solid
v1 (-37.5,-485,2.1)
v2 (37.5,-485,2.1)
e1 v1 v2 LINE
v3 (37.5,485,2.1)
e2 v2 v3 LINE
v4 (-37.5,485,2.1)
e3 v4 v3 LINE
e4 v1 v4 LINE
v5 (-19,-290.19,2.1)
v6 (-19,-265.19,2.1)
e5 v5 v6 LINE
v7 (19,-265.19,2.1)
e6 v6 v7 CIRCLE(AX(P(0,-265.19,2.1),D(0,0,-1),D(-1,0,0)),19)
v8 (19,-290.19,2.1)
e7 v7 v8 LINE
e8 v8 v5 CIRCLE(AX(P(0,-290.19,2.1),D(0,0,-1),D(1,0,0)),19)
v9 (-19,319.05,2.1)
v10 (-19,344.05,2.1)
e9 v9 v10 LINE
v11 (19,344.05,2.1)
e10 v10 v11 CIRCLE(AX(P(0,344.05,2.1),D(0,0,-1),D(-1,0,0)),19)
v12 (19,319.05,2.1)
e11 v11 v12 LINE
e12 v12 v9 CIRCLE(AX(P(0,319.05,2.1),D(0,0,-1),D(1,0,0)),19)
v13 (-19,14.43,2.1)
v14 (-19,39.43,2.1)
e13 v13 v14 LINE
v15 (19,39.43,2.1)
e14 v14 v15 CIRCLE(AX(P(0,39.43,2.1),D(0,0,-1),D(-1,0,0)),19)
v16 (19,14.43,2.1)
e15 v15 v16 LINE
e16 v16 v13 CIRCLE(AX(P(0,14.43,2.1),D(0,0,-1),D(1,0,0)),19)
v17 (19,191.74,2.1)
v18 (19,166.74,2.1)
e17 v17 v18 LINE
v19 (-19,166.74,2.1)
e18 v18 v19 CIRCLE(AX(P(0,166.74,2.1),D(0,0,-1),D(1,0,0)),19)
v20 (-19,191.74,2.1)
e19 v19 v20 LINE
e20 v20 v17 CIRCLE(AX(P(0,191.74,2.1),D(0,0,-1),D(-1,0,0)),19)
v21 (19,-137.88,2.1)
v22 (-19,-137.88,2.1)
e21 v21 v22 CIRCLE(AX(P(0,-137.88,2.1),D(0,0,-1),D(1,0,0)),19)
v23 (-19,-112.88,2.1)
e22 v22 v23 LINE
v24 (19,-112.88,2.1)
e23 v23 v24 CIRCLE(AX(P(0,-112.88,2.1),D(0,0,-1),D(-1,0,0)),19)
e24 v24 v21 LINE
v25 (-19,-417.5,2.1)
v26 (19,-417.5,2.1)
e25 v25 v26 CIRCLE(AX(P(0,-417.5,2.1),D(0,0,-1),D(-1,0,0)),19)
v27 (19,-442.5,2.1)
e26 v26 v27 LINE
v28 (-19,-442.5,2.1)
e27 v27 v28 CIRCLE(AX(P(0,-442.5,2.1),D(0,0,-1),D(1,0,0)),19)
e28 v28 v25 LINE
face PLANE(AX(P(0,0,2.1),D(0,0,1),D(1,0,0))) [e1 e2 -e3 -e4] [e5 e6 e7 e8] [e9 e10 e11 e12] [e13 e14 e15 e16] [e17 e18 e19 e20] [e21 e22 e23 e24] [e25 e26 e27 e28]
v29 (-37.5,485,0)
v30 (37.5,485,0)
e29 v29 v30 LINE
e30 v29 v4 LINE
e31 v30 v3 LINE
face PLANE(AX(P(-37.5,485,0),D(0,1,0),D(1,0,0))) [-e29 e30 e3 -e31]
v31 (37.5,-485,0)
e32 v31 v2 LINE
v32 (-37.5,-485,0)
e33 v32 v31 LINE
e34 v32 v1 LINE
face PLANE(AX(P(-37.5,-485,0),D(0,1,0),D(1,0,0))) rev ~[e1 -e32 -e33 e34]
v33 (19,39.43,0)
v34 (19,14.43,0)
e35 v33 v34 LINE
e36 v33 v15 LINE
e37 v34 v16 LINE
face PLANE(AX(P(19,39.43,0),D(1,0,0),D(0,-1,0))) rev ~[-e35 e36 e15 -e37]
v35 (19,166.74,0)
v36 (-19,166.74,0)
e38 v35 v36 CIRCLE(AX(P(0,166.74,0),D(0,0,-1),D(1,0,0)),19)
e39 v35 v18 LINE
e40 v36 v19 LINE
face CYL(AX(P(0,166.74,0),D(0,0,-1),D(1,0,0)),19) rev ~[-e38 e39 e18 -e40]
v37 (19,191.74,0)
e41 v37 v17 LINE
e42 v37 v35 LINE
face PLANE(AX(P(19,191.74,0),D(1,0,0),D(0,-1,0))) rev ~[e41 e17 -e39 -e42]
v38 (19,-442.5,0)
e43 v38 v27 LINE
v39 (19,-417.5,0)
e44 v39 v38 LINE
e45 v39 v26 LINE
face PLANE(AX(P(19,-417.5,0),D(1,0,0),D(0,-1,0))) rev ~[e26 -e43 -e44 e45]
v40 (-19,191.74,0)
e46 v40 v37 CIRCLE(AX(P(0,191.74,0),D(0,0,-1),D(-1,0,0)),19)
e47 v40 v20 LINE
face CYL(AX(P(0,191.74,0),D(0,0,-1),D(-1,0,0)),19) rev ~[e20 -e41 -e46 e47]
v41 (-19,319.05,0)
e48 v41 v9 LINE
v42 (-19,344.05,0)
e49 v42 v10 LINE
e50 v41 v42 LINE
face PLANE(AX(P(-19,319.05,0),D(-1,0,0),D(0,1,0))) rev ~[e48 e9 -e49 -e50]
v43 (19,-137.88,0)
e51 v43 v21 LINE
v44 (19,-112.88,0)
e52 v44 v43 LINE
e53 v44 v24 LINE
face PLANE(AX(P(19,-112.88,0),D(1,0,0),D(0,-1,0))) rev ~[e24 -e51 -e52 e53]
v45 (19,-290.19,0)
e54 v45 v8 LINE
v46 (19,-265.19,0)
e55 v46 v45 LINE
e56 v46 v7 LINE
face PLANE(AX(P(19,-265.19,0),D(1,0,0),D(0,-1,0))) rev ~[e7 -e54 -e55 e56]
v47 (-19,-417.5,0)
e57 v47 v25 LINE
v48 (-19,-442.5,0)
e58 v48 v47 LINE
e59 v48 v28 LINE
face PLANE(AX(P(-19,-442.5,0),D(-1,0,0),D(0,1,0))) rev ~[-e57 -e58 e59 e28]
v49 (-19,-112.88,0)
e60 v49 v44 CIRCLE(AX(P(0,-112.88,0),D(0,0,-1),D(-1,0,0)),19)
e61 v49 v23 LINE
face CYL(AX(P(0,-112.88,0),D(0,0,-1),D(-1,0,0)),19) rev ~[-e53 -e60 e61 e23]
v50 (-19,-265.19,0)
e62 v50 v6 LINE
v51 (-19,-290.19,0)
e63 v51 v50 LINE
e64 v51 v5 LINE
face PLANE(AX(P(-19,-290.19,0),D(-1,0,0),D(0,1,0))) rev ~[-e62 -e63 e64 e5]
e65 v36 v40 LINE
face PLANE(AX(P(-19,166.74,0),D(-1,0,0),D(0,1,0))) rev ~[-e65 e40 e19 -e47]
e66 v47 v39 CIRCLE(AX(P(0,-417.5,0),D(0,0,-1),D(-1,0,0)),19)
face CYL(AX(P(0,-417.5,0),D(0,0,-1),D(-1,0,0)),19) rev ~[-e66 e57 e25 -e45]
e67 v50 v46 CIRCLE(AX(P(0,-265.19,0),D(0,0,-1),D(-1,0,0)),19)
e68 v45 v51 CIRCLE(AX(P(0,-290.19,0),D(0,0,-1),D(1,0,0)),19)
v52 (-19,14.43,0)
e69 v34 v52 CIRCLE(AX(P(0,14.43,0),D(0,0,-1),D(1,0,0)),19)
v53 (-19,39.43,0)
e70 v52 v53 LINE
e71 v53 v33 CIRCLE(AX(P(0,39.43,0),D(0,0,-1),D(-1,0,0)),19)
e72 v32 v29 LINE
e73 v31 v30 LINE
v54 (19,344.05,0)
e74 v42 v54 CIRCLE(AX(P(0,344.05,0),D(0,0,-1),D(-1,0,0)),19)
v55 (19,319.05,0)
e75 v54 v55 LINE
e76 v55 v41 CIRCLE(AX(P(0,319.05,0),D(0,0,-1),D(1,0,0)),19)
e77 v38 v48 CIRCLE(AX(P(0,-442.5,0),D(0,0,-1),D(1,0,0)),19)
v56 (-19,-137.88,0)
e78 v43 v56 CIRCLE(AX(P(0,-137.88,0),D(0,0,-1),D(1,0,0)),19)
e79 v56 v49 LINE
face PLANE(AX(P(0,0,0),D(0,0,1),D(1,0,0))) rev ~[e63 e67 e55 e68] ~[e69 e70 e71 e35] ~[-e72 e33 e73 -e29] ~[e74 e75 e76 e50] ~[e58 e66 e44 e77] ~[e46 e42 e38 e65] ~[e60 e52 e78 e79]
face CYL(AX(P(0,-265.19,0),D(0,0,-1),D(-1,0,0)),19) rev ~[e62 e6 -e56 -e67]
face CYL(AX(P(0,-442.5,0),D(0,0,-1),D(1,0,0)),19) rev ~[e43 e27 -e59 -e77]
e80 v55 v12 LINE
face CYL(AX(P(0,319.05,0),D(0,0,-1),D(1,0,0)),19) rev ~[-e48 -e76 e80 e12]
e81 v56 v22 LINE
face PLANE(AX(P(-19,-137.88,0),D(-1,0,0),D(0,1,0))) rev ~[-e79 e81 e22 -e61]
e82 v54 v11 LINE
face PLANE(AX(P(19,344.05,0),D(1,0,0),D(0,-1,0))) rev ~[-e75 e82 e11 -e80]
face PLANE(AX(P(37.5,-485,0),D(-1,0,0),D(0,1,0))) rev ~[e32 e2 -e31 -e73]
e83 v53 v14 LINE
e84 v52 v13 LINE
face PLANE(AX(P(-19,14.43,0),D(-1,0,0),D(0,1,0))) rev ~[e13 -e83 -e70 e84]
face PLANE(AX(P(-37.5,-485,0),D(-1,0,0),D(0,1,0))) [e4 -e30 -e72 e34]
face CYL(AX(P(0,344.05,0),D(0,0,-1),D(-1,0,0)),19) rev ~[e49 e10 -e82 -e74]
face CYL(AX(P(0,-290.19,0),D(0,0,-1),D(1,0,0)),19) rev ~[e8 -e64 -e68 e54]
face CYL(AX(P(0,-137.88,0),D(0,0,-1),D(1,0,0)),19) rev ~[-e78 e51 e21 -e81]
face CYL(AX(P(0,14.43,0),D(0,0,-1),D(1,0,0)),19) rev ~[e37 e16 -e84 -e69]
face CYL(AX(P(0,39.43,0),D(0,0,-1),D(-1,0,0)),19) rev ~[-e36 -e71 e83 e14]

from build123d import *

# Parameters (mm, degrees)
F0_W     = 75
F0_H     = 970
F1_DEPTH = 2.1


with BuildPart() as f1:
    # F0 (on Top) → F1 (new body)
    with BuildSketch(Plane.XY):
        Rectangle(F0_W, F0_H)
        with BuildLine():
            ThreePointArc((19, -442.5), (0, -461.5), (-19, -442.5))
            Line((-19, -442.5), (-19, -417.5))
            ThreePointArc((-19, -417.5), (0, -398.5), (19, -417.5))
            Line((19, -417.5), (19, -442.5))
        make_face(mode=Mode.SUBTRACT)
        with BuildLine():
            ThreePointArc((19, -290.19), (0, -309.19), (-19, -290.19))
            Line((-19, -290.19), (-19, -265.19))
            ThreePointArc((-19, -265.19), (0, -246.19), (19, -265.19))
            Line((19, -265.19), (19, -290.19))
        make_face(mode=Mode.SUBTRACT)
        with BuildLine():
            ThreePointArc((19, -137.88), (0, -156.88), (-19, -137.88))
            Line((-19, -137.88), (-19, -112.88))
            ThreePointArc((-19, -112.88), (0, -93.88), (19, -112.88))
            Line((19, -112.88), (19, -137.88))
        make_face(mode=Mode.SUBTRACT)
        with BuildLine():
            ThreePointArc((19, 14.43), (0, -4.57), (-19, 14.43))
            Line((-19, 14.43), (-19, 39.43))
            ThreePointArc((-19, 39.43), (0, 58.43), (19, 39.43))
            Line((19, 39.43), (19, 14.43))
        make_face(mode=Mode.SUBTRACT)
        with BuildLine():
            ThreePointArc((19, 166.74), (0, 147.74), (-19, 166.74))
            Line((-19, 166.74), (-19, 191.74))
            ThreePointArc((-19, 191.74), (0, 210.74), (19, 191.74))
            Line((19, 191.74), (19, 166.74))
        make_face(mode=Mode.SUBTRACT)
        with BuildLine():
            ThreePointArc((19, 319.05), (0, 300.05), (-19, 319.05))
            Line((-19, 319.05), (-19, 344.05))
            ThreePointArc((-19, 344.05), (0, 363.05), (19, 344.05))
            Line((19, 344.05), (19, 319.05))
        make_face(mode=Mode.SUBTRACT)
    extrude(amount=F1_DEPTH)


solid = f1.part
